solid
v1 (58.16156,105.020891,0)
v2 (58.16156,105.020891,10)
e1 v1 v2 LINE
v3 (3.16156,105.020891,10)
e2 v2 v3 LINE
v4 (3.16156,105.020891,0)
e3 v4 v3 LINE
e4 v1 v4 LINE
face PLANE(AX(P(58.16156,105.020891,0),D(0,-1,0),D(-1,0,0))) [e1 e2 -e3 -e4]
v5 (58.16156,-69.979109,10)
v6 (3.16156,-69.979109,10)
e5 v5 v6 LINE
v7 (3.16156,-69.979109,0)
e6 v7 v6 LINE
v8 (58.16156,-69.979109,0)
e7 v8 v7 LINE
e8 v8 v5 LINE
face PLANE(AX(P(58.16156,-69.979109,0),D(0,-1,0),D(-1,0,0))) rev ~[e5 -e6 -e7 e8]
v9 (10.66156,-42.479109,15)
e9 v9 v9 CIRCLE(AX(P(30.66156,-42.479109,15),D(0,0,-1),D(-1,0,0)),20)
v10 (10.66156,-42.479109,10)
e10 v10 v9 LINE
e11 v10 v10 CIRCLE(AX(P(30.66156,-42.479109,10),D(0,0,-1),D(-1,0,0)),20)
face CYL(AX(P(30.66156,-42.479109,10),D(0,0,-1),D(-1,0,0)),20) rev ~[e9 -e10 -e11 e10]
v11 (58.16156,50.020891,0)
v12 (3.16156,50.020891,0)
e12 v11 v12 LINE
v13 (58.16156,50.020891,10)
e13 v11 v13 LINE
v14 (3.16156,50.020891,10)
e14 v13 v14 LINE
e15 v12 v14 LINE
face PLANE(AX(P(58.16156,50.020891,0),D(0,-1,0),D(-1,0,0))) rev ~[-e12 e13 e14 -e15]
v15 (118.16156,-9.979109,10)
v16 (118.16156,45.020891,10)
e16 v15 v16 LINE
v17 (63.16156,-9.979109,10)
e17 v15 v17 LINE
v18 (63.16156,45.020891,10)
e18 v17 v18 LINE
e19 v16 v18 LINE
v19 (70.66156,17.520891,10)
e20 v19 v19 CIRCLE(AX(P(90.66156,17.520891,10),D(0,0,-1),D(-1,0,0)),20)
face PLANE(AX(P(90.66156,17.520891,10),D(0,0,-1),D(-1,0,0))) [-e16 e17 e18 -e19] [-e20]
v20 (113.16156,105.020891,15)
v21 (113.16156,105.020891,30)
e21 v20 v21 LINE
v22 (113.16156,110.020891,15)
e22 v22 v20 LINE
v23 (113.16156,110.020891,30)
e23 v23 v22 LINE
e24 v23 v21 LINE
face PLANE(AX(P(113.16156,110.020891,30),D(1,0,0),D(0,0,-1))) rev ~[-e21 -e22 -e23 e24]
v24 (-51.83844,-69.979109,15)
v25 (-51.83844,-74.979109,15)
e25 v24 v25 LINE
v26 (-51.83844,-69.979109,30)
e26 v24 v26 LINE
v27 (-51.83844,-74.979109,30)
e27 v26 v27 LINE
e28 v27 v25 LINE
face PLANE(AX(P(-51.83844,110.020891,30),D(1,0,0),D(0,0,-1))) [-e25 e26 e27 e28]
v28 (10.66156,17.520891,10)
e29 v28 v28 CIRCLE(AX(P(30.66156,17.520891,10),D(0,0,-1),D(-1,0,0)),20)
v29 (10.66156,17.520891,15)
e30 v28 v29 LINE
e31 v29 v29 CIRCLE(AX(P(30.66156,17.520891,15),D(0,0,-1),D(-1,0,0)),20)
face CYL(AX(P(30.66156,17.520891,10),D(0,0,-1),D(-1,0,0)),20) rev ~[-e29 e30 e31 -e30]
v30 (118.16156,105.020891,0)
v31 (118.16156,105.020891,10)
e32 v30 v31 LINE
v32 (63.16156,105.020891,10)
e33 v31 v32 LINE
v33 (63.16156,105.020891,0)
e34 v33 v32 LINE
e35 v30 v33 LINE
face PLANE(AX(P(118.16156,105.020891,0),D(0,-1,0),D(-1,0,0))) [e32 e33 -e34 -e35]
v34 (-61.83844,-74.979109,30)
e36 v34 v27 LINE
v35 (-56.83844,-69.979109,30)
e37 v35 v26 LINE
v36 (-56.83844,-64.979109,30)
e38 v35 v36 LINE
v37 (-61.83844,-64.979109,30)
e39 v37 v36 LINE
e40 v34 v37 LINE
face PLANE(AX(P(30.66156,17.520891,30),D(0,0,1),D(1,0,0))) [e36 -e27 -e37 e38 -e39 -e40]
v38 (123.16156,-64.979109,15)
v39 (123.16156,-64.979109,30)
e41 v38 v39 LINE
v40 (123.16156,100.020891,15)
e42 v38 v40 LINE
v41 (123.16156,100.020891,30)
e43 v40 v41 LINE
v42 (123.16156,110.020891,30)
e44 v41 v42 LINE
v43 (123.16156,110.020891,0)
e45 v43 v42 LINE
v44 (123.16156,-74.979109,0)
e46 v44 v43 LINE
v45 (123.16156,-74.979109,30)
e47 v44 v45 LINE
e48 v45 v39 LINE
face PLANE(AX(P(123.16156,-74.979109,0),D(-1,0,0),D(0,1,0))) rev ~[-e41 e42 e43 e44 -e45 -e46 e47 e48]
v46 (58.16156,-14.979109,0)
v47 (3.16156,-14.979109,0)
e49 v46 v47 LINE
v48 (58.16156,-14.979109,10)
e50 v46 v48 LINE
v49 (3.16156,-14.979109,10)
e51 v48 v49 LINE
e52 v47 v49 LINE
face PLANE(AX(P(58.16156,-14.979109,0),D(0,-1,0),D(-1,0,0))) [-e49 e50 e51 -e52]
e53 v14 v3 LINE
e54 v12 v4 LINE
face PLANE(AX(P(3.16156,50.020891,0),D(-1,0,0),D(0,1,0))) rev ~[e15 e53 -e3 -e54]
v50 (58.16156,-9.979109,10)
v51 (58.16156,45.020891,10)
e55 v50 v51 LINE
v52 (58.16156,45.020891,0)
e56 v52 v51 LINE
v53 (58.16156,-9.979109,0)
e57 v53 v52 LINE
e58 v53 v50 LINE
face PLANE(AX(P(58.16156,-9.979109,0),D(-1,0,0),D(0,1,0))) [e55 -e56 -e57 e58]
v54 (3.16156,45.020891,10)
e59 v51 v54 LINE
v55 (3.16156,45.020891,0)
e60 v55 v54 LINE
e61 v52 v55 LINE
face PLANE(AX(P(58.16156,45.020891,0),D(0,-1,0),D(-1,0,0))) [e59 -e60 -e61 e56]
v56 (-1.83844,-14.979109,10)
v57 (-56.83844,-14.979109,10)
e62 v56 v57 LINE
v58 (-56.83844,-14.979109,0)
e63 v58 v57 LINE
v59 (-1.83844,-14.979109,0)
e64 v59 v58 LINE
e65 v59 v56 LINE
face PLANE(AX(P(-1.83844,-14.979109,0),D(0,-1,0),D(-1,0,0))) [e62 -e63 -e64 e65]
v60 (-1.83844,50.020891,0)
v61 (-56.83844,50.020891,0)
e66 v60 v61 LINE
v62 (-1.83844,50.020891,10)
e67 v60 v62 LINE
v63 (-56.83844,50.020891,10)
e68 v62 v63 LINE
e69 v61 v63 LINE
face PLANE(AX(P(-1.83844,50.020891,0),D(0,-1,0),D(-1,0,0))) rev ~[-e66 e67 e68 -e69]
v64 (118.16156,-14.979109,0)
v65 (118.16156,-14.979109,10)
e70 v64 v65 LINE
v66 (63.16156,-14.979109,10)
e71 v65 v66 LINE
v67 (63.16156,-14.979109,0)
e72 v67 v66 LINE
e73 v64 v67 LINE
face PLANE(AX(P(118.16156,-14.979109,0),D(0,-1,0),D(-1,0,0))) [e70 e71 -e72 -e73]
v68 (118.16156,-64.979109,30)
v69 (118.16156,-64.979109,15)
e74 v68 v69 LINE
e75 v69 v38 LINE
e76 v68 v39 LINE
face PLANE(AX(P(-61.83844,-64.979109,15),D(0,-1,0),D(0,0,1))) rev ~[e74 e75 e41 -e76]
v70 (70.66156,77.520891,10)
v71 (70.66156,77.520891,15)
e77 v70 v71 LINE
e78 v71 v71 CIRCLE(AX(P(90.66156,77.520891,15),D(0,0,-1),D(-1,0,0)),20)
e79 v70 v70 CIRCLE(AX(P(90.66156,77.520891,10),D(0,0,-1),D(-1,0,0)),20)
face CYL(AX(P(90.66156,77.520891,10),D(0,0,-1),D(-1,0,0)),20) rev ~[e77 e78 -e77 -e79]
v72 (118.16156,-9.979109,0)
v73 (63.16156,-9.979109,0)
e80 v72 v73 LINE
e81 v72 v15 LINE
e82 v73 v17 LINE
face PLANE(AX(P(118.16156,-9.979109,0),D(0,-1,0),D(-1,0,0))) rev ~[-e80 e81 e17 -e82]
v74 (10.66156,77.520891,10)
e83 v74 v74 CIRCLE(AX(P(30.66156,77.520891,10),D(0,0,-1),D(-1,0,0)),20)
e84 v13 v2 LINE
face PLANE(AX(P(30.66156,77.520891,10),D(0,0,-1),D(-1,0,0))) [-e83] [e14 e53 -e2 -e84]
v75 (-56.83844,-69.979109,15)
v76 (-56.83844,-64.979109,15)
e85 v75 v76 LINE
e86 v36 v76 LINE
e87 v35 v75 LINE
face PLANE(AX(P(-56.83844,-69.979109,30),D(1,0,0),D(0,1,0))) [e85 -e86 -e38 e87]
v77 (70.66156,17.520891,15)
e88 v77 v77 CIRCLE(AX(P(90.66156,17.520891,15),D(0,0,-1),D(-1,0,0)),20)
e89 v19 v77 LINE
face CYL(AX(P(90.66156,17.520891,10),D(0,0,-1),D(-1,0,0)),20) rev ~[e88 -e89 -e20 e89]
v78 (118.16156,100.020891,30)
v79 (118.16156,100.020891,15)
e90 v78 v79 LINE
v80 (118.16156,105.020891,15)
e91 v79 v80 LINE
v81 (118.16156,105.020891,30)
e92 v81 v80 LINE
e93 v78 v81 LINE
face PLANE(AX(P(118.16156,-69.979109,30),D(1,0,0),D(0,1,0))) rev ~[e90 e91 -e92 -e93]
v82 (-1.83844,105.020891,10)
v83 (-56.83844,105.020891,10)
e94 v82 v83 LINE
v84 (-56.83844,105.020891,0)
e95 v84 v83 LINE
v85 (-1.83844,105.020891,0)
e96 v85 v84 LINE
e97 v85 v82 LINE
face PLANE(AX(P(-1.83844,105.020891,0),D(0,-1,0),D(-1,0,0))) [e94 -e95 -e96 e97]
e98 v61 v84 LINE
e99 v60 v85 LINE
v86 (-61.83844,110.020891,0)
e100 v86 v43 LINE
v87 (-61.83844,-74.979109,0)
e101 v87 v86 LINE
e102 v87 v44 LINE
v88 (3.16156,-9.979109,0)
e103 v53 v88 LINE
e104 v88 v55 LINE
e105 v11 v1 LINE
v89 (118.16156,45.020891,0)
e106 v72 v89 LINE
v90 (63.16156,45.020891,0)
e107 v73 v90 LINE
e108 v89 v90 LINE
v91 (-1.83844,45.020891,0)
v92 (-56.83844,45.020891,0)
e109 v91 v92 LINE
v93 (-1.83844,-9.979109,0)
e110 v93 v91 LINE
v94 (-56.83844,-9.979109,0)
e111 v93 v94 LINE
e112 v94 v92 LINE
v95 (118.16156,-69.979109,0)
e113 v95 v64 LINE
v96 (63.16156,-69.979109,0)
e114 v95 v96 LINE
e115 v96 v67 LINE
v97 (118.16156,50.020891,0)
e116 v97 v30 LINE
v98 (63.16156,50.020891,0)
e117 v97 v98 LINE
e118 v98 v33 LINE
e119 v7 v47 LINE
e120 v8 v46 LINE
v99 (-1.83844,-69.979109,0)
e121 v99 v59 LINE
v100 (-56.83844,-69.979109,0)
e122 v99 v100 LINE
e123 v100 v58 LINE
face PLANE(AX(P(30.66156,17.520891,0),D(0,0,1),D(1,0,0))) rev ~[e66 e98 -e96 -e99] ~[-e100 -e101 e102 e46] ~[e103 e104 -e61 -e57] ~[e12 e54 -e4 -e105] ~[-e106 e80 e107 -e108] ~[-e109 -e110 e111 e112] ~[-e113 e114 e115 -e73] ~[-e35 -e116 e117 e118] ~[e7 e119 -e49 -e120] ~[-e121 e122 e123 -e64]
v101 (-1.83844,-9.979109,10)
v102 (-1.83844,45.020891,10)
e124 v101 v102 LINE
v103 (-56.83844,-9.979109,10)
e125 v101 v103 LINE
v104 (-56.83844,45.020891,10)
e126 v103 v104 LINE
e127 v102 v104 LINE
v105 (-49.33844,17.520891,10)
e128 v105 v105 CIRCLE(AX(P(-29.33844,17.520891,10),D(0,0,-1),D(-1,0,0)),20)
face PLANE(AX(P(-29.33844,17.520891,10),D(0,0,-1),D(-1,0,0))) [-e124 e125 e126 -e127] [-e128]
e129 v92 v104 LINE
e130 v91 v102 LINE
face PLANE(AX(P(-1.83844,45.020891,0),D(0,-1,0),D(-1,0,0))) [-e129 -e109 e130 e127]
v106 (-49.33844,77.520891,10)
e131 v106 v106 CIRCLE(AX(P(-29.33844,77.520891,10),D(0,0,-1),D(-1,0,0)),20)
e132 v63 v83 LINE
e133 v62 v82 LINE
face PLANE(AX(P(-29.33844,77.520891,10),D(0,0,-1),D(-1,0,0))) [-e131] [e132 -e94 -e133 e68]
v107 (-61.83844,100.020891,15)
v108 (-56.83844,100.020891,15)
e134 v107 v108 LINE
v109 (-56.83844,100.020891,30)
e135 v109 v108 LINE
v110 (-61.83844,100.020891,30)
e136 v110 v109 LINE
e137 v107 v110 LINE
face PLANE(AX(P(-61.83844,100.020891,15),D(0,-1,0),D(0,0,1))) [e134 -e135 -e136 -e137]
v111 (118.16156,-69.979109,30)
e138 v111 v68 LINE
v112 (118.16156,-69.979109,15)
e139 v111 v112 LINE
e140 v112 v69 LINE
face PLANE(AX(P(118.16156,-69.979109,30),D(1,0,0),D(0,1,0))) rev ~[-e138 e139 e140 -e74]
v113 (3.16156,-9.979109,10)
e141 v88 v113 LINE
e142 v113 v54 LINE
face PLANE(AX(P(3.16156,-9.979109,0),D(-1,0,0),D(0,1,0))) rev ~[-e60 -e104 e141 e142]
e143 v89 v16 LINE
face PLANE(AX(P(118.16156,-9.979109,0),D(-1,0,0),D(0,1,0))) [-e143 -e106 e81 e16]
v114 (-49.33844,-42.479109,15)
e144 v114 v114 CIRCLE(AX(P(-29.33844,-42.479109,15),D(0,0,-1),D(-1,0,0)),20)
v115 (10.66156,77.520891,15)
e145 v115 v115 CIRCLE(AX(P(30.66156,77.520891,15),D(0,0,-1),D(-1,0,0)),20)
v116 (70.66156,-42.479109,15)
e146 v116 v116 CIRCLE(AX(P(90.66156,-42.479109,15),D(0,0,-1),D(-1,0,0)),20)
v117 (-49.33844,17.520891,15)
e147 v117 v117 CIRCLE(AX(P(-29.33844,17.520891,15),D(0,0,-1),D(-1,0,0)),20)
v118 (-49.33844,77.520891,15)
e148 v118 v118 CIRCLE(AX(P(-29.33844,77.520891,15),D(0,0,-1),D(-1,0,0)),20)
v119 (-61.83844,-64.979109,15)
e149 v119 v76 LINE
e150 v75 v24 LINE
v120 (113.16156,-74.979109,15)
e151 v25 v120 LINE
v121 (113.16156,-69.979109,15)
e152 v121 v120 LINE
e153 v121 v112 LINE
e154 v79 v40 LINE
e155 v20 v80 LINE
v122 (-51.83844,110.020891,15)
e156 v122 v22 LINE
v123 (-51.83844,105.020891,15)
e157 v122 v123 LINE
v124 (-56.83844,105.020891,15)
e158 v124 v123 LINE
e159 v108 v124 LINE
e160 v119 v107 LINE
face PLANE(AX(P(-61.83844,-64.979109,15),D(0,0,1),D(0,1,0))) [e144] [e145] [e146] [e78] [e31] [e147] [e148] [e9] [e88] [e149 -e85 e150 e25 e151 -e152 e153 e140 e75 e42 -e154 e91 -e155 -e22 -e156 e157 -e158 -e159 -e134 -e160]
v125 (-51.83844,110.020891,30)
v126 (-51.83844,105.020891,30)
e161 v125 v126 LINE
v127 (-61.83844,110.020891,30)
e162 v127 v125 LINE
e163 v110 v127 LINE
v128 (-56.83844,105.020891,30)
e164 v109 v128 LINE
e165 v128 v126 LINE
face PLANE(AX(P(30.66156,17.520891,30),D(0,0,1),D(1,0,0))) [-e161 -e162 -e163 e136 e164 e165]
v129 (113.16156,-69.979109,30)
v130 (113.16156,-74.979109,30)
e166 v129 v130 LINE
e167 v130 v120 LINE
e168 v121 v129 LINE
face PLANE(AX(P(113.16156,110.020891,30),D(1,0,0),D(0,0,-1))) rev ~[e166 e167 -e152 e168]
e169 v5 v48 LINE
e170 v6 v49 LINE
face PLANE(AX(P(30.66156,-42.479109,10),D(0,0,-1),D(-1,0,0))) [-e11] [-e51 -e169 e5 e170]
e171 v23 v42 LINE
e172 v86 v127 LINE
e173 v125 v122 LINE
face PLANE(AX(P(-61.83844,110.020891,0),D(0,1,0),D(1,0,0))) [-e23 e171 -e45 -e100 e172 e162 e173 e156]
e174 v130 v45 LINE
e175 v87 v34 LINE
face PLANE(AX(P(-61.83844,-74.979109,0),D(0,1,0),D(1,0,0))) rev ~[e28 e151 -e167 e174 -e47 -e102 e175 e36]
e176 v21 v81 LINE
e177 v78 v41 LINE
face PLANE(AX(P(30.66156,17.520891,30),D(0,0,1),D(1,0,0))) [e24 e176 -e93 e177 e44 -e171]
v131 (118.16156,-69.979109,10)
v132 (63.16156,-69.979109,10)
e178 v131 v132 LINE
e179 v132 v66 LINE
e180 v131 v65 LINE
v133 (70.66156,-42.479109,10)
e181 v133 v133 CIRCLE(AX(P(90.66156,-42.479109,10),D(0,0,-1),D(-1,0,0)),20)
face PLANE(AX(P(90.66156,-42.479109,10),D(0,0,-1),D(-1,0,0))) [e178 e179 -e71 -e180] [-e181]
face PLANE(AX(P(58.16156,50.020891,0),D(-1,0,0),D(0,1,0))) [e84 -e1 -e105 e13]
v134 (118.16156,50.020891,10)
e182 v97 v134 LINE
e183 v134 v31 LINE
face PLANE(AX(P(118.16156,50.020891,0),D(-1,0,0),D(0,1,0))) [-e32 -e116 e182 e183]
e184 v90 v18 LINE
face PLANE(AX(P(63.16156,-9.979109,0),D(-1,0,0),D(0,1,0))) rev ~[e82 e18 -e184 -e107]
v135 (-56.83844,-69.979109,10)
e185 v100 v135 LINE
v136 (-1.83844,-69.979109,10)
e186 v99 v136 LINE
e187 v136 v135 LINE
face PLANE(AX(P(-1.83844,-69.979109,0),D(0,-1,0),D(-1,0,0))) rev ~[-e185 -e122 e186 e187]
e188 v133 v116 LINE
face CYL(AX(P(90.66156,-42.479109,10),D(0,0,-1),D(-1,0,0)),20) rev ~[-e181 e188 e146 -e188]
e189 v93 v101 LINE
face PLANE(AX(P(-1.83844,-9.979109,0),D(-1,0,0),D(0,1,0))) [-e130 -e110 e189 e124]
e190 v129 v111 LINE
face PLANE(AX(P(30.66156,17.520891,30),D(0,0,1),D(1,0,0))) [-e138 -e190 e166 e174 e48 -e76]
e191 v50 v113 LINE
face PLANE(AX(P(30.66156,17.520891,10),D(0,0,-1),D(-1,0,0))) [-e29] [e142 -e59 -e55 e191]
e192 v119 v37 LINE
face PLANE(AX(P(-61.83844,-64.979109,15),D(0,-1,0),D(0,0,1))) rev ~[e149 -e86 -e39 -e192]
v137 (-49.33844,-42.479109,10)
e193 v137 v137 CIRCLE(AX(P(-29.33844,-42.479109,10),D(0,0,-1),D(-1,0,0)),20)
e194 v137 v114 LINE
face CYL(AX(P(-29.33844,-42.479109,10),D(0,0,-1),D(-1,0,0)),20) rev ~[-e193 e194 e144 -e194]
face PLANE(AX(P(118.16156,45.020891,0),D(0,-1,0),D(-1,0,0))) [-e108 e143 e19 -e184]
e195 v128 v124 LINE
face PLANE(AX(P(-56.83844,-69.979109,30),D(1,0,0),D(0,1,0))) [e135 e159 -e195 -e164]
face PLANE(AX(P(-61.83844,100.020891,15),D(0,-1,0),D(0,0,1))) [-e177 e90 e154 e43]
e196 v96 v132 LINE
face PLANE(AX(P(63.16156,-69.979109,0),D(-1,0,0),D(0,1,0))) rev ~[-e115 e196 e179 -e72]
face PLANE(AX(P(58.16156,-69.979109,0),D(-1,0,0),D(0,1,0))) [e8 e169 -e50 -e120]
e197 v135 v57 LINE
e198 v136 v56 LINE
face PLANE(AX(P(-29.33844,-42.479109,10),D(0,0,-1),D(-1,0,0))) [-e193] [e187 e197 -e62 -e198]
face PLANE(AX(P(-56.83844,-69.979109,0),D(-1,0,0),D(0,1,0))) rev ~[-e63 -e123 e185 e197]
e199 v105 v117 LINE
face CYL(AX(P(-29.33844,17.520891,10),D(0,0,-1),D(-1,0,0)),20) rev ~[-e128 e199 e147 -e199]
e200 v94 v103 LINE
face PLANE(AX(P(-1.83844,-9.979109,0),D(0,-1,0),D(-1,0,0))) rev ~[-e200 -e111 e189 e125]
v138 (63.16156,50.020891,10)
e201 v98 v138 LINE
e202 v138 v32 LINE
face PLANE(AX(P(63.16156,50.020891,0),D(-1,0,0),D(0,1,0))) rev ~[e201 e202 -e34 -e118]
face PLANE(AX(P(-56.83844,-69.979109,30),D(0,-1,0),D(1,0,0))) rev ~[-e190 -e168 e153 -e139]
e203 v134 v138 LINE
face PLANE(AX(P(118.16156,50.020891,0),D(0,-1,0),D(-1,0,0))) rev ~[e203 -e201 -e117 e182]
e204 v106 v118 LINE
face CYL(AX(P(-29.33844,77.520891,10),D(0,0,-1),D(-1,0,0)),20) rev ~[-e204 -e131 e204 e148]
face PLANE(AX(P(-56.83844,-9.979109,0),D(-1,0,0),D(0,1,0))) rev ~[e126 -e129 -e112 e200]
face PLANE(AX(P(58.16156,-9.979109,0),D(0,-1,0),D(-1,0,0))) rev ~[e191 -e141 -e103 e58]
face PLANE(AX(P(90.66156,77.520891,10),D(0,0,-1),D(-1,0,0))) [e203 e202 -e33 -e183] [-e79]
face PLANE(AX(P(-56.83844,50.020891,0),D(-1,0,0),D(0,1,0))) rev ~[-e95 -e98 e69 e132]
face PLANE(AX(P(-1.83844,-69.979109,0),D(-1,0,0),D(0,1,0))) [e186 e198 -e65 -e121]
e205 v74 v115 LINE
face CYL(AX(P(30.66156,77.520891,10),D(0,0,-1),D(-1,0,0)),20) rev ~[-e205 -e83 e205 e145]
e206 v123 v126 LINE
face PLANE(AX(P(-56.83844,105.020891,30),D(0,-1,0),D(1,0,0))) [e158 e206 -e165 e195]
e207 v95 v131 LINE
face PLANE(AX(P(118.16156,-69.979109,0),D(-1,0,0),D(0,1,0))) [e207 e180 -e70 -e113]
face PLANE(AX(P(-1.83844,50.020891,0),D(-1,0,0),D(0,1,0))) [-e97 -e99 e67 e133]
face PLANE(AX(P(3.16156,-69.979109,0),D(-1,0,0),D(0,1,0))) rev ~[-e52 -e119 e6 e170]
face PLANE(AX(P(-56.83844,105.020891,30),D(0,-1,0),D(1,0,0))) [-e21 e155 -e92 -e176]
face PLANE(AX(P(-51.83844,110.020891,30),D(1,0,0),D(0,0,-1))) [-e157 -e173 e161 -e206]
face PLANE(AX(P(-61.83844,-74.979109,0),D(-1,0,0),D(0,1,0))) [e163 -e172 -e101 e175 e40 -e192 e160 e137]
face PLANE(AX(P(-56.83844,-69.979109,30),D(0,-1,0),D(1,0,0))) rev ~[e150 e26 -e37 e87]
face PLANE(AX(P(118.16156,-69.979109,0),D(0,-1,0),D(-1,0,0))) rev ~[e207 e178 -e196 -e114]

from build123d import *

# Parameters (mm, degrees)
SKETCH5_W           = 185
SKETCH5_H           = 185
BOSS_EXTRUDE5_DEPTH = 30
SKETCH6_W           = 55
SKETCH6_H           = 55
CUT_EXTRUDE2_DEPTH  = 10
SKETCH7_R           = 20
CUT_EXTRUDE3_DEPTH  = 167.353137545
SKETCH8_W           = 175
SKETCH8_H           = 175
CUT_EXTRUDE4_DEPTH  = 15
SKETCH9_W           = 165
SKETCH9_H           = 15
CUT_EXTRUDE6_DEPTH  = 225.262725022
SKETCH11_W          = 15
SKETCH11_H          = 165
CUT_EXTRUDE7_DEPTH  = 218.323713701


with BuildPart() as part:
    # Sketch5 → Boss-Extrude5 (new body)
    with BuildSketch(Plane.XY):
        with Locations((30.661559889, 17.520891365)):
            Rectangle(SKETCH5_W, SKETCH5_H)
    extrude(amount=BOSS_EXTRUDE5_DEPTH)

    # Sketch6 → Cut-Extrude2 (cut)
    with BuildSketch(Plane(origin=(0, 0, 0), x_dir=(-1, 0, 0), z_dir=(0, 0, -1))):
        with Locations((29.338440111, 17.520891365)):
            Rectangle(SKETCH6_W, SKETCH6_H)
        with Locations((29.338440111, -42.479108635)):
            Rectangle(SKETCH6_W, SKETCH6_H)
        with Locations((-30.661559889, -42.479108635)):
            Rectangle(SKETCH6_W, SKETCH6_H)
        with Locations((-30.661559889, 17.520891365)):
            Rectangle(SKETCH6_W, SKETCH6_H)
        with Locations((-30.661559889, 77.520891365)):
            Rectangle(SKETCH6_W, SKETCH6_H)
        with Locations((-90.661559889, 77.520891365)):
            Rectangle(SKETCH6_W, SKETCH6_H)
        with Locations((-90.661559889, 17.520891365)):
            Rectangle(SKETCH6_W, SKETCH6_H)
        with Locations((-90.661559889, -42.479108635)):
            Rectangle(SKETCH6_W, SKETCH6_H)
        with Locations((29.338440111, 77.520891365)):
            Rectangle(SKETCH6_W, SKETCH6_H)
    extrude(amount=-CUT_EXTRUDE2_DEPTH, mode=Mode.SUBTRACT)

    # Sketch7 → Cut-Extrude3 (cut, through all)
    with BuildSketch(Plane(origin=(0, 0, 10), x_dir=(-1, 0, 0), z_dir=(0, 0, -1))):
        with Locations((-90.661559889, 77.520891365)):
            Circle(SKETCH7_R)
        with Locations((-30.661559889, 77.520891365)):
            Circle(SKETCH7_R)
        with Locations((29.338440111, 77.520891365)):
            Circle(SKETCH7_R)
        with Locations((29.338440111, 17.520891365)):
            Circle(SKETCH7_R)
        with Locations((-30.661559889, 17.520891365)):
            Circle(SKETCH7_R)
        with Locations((-90.661559889, 17.520891365)):
            Circle(SKETCH7_R)
        with Locations((29.338440111, -42.479108635)):
            Circle(SKETCH7_R)
        with Locations((-90.661559889, -42.479108635)):
            Circle(SKETCH7_R)
        with Locations((-30.661559889, -42.479108635)):
            Circle(SKETCH7_R)
    extrude(amount=-CUT_EXTRUDE3_DEPTH, mode=Mode.SUBTRACT)

    # Sketch8 → Cut-Extrude4 (cut)
    with BuildSketch(Plane.XY.offset(30)):
        with Locations((30.661559889, 17.520891365)):
            Rectangle(SKETCH8_W, SKETCH8_H)
    extrude(amount=-CUT_EXTRUDE4_DEPTH, mode=Mode.SUBTRACT)

    # Sketch9 → Cut-Extrude6 (cut, through all)
    with BuildSketch(Plane(origin=(0, 110.020891365, 0), x_dir=(1, 0, 0), z_dir=(0, 1, 0))):
        with Locations((30.661559889, -22.5)):
            Rectangle(SKETCH9_W, SKETCH9_H)
    extrude(amount=-CUT_EXTRUDE6_DEPTH, mode=Mode.SUBTRACT)

    # Sketch11 → Cut-Extrude7 (cut, through all)
    with BuildSketch(Plane.ZY.offset(61.838440111)):
        with Locations((22.5, 17.520891365)):
            Rectangle(SKETCH11_W, SKETCH11_H)
    extrude(amount=-CUT_EXTRUDE7_DEPTH, mode=Mode.SUBTRACT)


solid = part.part
